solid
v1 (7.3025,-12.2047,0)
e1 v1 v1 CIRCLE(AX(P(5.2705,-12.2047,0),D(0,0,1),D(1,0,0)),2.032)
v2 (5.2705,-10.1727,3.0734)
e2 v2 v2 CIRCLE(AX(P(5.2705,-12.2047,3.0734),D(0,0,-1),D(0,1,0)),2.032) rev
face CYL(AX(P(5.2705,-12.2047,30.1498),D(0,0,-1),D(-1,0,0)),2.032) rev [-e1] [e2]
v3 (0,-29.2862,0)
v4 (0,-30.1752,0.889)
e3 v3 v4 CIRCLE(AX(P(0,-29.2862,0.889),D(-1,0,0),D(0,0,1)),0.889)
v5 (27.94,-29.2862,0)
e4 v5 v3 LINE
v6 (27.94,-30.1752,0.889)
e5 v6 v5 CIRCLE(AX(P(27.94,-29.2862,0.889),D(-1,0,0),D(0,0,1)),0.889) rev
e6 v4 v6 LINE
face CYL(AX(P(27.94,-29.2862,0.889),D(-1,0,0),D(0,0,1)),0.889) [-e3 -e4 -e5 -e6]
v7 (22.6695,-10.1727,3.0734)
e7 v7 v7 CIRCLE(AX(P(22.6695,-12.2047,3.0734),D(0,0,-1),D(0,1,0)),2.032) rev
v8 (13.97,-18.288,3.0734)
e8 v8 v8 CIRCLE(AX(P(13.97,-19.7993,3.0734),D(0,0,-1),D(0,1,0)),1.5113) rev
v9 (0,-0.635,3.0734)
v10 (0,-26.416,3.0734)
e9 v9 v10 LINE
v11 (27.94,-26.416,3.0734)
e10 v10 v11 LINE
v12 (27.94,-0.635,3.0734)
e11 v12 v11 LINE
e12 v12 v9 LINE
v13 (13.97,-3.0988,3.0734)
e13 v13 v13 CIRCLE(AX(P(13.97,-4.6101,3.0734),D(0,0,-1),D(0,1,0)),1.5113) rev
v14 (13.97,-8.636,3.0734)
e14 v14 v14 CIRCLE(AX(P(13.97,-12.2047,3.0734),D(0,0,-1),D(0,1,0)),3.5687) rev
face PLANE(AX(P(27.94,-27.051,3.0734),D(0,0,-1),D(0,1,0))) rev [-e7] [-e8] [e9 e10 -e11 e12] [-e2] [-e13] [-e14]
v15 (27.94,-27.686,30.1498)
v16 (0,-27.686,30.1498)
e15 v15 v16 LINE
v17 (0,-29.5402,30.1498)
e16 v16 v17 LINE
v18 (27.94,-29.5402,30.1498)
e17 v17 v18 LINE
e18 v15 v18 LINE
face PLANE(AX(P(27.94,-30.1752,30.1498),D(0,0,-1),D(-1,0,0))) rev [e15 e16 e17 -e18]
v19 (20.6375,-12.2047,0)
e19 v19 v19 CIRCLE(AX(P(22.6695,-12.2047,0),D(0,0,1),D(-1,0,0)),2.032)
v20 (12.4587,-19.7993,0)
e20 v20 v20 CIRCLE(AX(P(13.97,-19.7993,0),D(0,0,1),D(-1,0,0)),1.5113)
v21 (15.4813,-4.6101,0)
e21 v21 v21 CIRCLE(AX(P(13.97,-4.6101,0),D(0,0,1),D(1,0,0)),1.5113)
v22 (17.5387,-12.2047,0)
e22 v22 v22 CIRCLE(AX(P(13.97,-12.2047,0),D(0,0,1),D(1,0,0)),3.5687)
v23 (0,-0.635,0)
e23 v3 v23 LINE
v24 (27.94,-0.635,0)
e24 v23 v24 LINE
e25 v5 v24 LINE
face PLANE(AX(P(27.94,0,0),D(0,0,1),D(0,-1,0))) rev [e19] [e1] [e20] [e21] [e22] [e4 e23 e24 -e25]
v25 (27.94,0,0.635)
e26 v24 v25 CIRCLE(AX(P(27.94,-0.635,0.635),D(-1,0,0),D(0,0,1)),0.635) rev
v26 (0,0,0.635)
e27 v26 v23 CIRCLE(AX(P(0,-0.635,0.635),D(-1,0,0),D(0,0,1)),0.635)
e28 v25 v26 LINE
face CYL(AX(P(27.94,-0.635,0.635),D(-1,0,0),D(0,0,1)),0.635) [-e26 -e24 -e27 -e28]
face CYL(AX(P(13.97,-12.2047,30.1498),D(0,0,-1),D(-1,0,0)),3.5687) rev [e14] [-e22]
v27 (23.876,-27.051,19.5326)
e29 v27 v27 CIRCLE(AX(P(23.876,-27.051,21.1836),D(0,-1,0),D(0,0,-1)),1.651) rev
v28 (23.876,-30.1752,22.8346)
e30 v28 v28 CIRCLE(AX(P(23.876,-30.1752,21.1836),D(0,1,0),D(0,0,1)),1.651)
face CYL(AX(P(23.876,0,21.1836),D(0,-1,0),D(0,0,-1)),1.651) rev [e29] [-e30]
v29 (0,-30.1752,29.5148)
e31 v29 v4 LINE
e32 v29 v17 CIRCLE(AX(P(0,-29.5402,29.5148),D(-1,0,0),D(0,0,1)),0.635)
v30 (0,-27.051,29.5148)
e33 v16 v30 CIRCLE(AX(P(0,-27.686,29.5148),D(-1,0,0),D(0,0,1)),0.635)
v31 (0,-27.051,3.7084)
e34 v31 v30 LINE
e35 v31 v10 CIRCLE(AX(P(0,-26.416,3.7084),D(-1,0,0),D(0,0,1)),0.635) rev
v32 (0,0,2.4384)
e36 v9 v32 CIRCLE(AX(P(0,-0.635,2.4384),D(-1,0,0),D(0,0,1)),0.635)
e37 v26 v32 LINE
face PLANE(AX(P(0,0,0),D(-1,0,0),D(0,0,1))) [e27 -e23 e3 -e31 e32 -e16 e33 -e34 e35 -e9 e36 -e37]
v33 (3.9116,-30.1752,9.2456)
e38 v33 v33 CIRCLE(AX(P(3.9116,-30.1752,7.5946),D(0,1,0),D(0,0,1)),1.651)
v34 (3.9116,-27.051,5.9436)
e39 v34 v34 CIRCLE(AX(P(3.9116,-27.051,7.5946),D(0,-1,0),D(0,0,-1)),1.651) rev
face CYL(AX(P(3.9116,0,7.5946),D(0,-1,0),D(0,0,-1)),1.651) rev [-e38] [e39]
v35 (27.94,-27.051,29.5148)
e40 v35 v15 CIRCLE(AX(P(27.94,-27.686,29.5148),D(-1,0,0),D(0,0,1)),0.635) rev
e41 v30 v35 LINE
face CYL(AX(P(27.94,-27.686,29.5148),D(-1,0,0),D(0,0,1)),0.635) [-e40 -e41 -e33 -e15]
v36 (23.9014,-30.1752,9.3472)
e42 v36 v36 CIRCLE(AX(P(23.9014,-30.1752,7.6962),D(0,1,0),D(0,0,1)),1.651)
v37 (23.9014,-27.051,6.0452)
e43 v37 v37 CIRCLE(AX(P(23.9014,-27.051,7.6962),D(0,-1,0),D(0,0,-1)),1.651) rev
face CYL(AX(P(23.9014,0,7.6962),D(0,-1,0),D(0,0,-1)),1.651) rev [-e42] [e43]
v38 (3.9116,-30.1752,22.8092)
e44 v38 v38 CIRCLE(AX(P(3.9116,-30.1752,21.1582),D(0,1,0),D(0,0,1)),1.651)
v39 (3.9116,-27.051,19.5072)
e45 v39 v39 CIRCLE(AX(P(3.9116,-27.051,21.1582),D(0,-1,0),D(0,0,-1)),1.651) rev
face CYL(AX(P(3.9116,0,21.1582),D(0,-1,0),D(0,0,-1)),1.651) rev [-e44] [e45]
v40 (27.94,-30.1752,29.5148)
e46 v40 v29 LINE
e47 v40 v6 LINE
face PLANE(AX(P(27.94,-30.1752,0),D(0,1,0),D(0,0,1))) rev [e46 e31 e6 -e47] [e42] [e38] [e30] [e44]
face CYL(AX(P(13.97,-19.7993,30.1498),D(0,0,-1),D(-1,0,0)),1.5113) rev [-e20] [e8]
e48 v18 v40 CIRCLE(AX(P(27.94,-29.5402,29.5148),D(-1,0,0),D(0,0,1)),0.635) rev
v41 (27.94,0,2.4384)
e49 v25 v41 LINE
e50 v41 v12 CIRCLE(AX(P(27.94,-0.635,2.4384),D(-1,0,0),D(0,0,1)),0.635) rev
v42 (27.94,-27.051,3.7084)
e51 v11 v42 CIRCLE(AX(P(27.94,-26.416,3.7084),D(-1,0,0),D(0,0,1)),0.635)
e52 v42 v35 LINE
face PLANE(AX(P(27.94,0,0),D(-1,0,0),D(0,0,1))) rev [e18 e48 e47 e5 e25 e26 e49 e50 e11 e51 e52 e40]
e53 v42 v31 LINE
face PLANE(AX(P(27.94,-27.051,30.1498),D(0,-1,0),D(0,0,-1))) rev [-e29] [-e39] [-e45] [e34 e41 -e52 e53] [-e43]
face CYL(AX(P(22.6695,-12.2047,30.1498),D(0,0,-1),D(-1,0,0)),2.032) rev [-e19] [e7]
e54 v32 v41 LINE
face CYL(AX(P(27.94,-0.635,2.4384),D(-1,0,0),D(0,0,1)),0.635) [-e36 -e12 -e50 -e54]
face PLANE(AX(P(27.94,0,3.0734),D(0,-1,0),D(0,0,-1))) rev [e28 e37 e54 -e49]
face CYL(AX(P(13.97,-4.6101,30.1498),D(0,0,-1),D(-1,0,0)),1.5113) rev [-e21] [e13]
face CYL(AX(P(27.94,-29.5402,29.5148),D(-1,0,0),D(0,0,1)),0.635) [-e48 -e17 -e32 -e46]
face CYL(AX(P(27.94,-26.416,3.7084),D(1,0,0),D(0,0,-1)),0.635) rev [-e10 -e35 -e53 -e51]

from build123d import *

# Parameters (mm, degrees)
BOSS_EXTRUDE1_DEPTH     = 27.94
SKETCH2_R               = 3.5687
SKETCH2_R_2             = 1.5113
SKETCH2_R_3             = 2.032
MOTOR_MOUNT_HOLES_DEPTH = 51.992124246
SKETCH3_R               = 1.651
PLATE_MOUNT_HOLES_DEPTH = 51.992124246
FILLET1_R               = 0.635
FILLET2_R               = 0.889
FILLET3_R               = 0.635


with BuildPart() as part:
    # Sketch1 → Boss-Extrude1 (new body)
    with BuildSketch(Plane(origin=(0, 0, 0), x_dir=(0, 0, -1), z_dir=(1, 0, 0))):
        Polygon((0, 0), (0, -30.1752), (-30.1498, -30.1752), (-30.1498, -27.051), (-3.0734, -27.051), (-3.0734, 0), align=None)
    extrude(amount=BOSS_EXTRUDE1_DEPTH)

    # Sketch2 → Motor_Mount_holes (cut, through all)
    with BuildSketch(Plane.XY):
        with Locations(Location((13.97, -12.2047, 0), (0, 0, 90))):
            Circle(SKETCH2_R)
        with Locations(Location((13.97, -4.6101, 0), (0, 0, 90))):
            Circle(SKETCH2_R_2)
        with Locations(Location((5.2705, -12.2047, 0), (0, 0, 90))):
            Circle(SKETCH2_R_3)
        with Locations(Location((22.6695, -12.2047, 0), (0, 0, 180))):
            Circle(SKETCH2_R_3)
        with Locations(Location((13.97, -19.7993, 0), (0, 0, 180))):
            Circle(SKETCH2_R_2)
    extrude(amount=MOTOR_MOUNT_HOLES_DEPTH, mode=Mode.SUBTRACT)

    # Sketch3 → Plate_Mount_Holes (cut, through all)
    with BuildSketch(Plane(origin=(0, -30.1752, 0), x_dir=(1, 0, 0), z_dir=(0, 1, 0))):
        with Locations(Location((3.9116, -7.5946, 0), (0, 0, 90))):
            Circle(SKETCH3_R)
        with Locations(Location((23.9014, -7.6962, 0), (0, 0, 90))):
            Circle(SKETCH3_R)
        with Locations(Location((3.9116, -21.1582, 0), (0, 0, 90))):
            Circle(SKETCH3_R)
        with Locations(Location((23.876, -21.1836, 0), (0, 0, 90))):
            Circle(SKETCH3_R)
    extrude(amount=PLATE_MOUNT_HOLES_DEPTH, mode=Mode.SUBTRACT)

    # Fillet1
    fillet1_edges = [part.edges().sort_by_distance(p)[0] for p in [
        (13.97, -27.051, 3.0734),
    ]]
    fillet(fillet1_edges, radius=FILLET1_R)

    # Fillet2
    fillet2_edges = [part.edges().sort_by_distance(p)[0] for p in [
        (13.97, -30.1752, 0),
    ]]
    fillet(fillet2_edges, radius=FILLET2_R)

    # Fillet3
    fillet3_edges = [part.edges().sort_by_distance(p)[0] for p in [
        (13.97, 0, 0),
        (13.97, -30.1752, 30.1498),
        (13.97, -27.051, 30.1498),
        (13.97, 0, 3.0734),
    ]]
    fillet(fillet3_edges, radius=FILLET3_R)


solid = part.part
